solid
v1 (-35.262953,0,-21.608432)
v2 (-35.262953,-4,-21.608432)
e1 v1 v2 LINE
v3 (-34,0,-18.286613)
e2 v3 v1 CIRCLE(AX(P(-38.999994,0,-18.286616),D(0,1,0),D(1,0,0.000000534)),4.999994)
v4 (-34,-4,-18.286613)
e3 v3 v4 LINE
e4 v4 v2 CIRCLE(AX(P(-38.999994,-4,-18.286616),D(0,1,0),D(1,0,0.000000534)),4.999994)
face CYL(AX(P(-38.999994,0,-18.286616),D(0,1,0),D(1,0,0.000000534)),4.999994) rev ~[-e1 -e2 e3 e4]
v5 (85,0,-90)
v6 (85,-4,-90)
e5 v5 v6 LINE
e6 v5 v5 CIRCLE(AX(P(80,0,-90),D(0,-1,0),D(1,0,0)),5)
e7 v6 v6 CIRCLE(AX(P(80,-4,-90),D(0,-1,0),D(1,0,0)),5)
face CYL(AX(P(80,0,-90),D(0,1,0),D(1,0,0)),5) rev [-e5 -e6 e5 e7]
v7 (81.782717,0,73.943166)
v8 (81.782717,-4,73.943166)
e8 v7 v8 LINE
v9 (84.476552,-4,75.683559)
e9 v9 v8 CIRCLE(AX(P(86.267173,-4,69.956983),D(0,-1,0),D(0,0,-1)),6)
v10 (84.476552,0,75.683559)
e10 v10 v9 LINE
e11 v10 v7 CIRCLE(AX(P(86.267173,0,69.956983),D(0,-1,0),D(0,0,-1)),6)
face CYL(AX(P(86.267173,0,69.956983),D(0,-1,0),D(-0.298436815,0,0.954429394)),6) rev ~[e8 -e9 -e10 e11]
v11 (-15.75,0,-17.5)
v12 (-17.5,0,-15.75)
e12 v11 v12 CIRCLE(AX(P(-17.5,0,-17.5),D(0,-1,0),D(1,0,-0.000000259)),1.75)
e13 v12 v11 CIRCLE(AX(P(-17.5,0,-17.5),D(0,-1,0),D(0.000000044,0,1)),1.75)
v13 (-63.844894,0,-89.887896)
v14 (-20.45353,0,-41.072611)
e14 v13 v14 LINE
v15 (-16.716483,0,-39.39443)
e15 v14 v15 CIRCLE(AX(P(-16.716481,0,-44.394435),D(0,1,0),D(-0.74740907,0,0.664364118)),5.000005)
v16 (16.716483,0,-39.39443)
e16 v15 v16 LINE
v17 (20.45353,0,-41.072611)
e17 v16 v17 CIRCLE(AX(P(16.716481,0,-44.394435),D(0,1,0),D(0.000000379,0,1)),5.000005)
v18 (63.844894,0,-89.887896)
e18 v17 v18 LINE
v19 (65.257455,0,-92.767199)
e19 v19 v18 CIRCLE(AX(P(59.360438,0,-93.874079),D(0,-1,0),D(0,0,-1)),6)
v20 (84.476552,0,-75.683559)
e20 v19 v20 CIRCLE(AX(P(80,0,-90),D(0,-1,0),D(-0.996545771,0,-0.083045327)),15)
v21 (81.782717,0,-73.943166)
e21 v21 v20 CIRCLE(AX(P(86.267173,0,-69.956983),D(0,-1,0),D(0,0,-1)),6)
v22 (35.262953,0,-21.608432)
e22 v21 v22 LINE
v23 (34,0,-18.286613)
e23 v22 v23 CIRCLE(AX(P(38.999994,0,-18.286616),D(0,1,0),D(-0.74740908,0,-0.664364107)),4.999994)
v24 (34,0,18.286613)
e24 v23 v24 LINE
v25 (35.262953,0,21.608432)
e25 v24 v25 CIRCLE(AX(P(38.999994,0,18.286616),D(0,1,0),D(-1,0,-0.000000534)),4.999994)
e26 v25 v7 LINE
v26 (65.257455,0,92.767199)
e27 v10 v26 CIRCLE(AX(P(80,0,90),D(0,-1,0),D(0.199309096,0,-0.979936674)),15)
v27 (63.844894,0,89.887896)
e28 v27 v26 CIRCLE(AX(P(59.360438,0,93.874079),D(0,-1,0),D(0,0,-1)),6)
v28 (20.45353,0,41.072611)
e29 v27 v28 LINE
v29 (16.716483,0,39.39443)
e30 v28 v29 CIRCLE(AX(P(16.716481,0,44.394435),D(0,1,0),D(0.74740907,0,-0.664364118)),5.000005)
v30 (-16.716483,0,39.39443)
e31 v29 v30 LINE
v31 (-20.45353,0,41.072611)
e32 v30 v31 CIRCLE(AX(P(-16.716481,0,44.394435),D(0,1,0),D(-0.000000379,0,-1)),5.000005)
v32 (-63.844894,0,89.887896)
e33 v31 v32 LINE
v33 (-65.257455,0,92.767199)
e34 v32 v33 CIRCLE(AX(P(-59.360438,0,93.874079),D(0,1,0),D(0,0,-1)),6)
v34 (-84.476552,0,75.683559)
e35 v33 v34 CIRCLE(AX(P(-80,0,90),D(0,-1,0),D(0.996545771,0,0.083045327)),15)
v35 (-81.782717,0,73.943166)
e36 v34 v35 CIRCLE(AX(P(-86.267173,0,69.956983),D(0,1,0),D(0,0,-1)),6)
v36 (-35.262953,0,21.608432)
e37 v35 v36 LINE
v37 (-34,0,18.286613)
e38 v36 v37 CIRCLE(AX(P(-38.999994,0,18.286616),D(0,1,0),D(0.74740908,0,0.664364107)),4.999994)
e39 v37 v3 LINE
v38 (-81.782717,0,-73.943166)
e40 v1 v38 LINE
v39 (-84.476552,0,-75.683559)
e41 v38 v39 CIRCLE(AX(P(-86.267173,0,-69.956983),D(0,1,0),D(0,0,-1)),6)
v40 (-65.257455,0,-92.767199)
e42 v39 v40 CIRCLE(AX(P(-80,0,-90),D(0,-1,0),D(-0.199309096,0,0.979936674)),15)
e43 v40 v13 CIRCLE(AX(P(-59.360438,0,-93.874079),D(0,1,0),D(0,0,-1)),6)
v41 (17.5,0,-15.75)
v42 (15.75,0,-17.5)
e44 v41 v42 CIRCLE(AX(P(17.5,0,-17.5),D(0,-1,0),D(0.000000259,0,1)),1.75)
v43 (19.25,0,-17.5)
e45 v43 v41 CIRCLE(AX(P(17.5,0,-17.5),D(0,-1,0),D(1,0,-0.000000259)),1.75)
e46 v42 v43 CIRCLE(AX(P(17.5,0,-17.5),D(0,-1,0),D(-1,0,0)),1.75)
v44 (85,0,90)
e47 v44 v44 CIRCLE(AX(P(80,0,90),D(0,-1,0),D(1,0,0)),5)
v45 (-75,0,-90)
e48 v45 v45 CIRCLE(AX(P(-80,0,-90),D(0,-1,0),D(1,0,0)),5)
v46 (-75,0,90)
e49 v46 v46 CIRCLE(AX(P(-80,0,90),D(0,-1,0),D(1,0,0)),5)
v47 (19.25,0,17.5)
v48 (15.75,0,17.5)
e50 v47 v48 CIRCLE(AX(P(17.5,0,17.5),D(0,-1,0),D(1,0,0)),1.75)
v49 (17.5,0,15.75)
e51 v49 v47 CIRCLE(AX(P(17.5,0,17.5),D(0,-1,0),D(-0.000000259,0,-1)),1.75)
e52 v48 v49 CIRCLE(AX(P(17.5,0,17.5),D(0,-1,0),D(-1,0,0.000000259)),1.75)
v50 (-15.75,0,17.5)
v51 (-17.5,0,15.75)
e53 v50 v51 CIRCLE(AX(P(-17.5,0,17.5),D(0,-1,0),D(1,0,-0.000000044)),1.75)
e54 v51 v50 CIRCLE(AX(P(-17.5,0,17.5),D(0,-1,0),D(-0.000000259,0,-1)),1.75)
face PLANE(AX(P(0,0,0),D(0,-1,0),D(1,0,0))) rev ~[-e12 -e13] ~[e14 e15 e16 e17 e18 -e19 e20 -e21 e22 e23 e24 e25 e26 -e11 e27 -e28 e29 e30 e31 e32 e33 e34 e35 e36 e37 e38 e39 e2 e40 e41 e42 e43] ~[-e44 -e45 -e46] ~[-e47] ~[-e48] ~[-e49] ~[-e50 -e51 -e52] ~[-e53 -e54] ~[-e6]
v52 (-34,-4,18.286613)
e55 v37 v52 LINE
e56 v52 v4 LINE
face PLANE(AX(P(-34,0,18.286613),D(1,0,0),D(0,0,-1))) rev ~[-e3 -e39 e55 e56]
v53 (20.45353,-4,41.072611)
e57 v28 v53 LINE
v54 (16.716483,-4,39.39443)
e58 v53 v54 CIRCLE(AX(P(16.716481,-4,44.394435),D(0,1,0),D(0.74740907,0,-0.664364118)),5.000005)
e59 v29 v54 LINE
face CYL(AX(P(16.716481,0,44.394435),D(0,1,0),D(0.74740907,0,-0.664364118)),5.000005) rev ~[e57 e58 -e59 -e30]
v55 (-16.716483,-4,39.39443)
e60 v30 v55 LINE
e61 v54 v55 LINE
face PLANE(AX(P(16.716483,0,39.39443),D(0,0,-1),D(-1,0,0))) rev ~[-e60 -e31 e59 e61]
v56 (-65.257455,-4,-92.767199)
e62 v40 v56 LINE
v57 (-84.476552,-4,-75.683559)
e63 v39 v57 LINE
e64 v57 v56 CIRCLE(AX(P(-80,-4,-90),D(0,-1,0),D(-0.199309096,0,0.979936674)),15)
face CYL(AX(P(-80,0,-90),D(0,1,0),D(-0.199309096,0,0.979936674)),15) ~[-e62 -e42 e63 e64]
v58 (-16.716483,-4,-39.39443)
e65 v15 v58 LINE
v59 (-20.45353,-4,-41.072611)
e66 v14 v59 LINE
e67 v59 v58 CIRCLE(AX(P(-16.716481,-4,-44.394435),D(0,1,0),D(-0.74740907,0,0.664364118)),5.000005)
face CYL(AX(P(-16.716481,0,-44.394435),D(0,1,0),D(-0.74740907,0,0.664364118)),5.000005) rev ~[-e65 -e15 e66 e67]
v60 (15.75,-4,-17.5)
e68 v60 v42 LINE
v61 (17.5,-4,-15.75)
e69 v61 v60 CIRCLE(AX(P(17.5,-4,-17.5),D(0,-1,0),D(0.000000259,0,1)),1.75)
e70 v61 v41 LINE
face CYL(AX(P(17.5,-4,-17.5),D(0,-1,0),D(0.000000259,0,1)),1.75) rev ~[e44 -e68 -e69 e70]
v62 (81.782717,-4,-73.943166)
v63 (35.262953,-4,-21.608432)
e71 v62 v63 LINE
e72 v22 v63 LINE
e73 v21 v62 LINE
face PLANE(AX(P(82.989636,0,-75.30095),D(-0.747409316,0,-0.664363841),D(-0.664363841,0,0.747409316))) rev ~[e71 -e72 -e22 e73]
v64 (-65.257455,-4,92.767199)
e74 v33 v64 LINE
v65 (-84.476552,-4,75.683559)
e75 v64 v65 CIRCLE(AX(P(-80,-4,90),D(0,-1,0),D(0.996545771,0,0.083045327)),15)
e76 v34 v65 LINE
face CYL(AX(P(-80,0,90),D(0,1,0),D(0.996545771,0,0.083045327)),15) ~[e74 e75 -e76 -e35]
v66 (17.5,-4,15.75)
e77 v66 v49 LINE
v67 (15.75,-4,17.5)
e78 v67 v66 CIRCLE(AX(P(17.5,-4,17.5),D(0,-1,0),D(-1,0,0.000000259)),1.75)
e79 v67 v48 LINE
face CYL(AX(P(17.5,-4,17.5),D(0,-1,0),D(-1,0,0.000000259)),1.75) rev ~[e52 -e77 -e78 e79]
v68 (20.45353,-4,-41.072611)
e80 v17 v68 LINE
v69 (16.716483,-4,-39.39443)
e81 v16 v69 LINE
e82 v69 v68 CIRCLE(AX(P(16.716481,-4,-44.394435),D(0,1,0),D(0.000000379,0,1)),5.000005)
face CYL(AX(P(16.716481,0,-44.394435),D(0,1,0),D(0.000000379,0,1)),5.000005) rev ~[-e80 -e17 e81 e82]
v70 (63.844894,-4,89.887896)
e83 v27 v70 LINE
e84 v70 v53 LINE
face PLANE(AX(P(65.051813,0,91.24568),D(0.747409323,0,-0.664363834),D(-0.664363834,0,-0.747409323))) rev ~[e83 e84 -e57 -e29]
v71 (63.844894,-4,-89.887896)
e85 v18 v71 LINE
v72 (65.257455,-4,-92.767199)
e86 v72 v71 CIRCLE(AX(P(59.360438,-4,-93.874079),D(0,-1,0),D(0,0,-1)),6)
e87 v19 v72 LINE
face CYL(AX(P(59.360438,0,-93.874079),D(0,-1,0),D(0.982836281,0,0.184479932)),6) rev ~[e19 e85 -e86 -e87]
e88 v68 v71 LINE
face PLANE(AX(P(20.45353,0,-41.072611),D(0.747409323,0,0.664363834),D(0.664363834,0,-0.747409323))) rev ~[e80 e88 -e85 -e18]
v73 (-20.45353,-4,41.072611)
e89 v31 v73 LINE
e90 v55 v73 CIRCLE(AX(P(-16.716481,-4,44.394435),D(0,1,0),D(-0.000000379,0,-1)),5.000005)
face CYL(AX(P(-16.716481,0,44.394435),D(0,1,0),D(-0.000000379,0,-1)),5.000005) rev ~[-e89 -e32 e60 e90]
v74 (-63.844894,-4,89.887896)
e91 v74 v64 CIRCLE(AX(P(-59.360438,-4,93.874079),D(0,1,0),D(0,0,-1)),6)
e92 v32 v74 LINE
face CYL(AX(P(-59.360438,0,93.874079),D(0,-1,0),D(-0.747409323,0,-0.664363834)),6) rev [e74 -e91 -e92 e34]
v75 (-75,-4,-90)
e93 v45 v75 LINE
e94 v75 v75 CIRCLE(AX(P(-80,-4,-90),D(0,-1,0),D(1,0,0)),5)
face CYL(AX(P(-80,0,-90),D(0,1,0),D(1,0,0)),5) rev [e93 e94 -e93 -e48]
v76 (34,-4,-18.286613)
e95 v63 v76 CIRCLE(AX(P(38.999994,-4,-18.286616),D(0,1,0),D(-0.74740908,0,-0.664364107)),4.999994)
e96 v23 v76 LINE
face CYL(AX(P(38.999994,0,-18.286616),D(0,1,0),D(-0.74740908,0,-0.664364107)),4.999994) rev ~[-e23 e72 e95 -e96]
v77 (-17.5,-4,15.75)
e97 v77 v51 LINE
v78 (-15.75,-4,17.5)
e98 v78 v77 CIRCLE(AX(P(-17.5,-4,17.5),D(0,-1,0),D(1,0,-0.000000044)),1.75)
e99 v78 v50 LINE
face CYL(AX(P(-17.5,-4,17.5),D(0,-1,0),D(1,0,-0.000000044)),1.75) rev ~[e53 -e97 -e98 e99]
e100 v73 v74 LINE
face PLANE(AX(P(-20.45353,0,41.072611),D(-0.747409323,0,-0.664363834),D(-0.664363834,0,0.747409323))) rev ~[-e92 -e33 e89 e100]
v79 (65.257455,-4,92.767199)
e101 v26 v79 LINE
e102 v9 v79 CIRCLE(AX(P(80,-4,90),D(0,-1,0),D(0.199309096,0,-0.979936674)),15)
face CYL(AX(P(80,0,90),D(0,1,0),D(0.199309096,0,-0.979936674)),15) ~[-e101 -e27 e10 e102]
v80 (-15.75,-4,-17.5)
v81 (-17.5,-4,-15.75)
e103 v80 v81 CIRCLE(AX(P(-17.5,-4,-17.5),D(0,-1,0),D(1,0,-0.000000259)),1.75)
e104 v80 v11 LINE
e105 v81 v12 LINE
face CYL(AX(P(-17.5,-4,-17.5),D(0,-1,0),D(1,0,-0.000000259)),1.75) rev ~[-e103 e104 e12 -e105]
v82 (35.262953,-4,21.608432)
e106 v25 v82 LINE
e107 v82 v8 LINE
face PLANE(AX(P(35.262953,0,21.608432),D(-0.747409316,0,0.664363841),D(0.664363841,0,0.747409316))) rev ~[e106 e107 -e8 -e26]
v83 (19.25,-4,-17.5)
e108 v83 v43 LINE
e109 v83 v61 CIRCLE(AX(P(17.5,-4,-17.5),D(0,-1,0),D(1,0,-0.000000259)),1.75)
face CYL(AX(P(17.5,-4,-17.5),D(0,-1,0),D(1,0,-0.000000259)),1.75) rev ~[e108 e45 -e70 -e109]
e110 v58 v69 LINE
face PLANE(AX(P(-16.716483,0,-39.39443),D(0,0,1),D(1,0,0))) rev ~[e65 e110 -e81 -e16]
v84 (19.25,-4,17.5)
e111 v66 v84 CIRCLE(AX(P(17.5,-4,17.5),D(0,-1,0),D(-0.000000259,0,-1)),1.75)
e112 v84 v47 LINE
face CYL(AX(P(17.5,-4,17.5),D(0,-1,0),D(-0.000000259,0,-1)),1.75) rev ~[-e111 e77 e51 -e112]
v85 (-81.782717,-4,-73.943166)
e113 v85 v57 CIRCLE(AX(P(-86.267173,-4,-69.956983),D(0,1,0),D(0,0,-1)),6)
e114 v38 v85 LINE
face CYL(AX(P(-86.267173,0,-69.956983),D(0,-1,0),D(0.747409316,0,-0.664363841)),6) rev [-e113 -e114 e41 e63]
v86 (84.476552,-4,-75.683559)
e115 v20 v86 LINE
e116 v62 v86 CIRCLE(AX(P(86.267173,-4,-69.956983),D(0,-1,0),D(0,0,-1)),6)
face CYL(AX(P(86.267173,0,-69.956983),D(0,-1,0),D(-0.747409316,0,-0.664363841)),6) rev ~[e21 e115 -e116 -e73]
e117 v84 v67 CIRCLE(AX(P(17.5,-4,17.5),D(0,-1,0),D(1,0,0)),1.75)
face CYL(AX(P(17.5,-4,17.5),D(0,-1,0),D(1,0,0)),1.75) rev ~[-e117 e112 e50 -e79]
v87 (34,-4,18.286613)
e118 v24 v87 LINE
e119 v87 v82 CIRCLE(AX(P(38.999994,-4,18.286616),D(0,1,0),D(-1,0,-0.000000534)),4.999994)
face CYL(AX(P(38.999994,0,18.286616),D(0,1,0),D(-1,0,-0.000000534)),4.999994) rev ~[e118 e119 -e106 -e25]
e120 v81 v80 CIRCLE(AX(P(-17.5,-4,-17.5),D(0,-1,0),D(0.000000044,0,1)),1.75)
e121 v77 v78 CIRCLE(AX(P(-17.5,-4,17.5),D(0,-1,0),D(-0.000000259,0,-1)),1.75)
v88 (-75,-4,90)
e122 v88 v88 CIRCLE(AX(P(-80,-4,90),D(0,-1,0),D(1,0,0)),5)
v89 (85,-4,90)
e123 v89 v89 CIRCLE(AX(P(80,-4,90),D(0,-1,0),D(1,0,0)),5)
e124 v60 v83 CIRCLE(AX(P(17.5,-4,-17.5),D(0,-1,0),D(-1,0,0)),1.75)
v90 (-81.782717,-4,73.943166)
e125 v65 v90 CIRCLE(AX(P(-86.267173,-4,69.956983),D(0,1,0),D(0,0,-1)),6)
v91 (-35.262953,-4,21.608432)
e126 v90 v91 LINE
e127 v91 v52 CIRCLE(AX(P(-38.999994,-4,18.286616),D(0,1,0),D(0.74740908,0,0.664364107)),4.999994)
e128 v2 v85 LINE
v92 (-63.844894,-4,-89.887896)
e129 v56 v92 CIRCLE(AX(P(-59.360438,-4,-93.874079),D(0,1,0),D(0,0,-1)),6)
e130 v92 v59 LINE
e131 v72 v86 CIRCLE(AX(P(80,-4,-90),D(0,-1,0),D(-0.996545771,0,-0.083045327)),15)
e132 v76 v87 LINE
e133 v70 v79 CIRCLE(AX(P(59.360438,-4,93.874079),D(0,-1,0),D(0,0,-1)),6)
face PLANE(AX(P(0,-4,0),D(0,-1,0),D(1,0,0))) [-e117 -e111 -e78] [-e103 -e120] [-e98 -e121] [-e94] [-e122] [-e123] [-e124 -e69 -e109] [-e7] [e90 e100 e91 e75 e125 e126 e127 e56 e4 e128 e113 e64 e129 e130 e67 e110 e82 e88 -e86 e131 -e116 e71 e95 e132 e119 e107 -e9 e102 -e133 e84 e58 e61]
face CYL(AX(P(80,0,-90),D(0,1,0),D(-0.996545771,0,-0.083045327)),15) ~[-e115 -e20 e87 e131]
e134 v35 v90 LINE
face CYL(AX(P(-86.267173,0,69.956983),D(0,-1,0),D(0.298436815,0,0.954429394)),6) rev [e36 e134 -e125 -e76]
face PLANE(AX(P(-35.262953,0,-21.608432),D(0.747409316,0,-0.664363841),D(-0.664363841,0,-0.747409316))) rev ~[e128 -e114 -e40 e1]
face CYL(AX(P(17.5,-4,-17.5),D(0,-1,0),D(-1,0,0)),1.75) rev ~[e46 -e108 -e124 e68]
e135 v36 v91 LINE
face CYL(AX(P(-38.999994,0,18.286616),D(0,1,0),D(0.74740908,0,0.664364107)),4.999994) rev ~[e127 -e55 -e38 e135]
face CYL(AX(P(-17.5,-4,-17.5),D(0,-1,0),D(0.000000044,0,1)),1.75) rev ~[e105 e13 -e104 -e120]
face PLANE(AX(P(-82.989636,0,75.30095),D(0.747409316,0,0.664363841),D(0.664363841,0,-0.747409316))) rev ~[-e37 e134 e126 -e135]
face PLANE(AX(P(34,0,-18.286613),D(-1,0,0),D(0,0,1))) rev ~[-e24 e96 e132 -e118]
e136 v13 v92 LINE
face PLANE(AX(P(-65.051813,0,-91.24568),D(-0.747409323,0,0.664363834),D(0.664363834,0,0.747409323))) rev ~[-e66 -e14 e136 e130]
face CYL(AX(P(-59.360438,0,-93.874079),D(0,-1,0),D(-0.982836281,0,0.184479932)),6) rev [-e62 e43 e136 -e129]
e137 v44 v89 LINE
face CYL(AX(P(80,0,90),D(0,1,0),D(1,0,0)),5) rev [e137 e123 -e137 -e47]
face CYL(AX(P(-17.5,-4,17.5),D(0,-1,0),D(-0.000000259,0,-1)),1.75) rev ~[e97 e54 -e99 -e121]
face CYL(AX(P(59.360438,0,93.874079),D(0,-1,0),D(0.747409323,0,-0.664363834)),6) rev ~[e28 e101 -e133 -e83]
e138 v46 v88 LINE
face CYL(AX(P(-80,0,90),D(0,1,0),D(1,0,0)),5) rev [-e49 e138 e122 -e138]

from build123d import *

# Parameters (mm, degrees)
F0_R     = 5
F1_DEPTH = 4
F2_DEPTH = 25
F3_R     = 6


with BuildPart() as f1:
    # F0 (on Front) → F1 (new body)
    with BuildSketch(Plane.XZ):
        with BuildLine():
            Line((-20.45353, 41.072611), (-65.051813, 91.24568))
            ThreePointArc((-65.051813, 91.24568), (-89.965457, 101.21114), (-82.989636, 75.30095))
            Line((-82.989636, 75.30095), (-35.262953, 21.608432))
            ThreePointArc((-35.262953, 21.608432), (-34.326391, 20.063516), (-34, 18.286613))
            Line((-34, 18.286613), (-34, -18.286613))
            ThreePointArc((-34, -18.286613), (-34.326391, -20.063516), (-35.262953, -21.608432))
            Line((-35.262953, -21.608432), (-82.989636, -75.30095))
            ThreePointArc((-82.989636, -75.30095), (-89.965457, -101.21114), (-65.051813, -91.24568))
            Line((-65.051813, -91.24568), (-20.45353, -41.072611))
            ThreePointArc((-20.45353, -41.072611), (-18.764763, -39.83323), (-16.716483, -39.39443))
            Line((-16.716483, -39.39443), (16.716483, -39.39443))
            ThreePointArc((16.716483, -39.39443), (18.764763, -39.83323), (20.45353, -41.072611))
            Line((20.45353, -41.072611), (65.051813, -91.24568))
            ThreePointArc((65.051813, -91.24568), (89.965457, -101.21114), (82.989636, -75.30095))
            Line((82.989636, -75.30095), (35.262953, -21.608432))
            ThreePointArc((35.262953, -21.608432), (34.326391, -20.063516), (34, -18.286613))
            Line((34, -18.286613), (34, 18.286613))
            ThreePointArc((34, 18.286613), (34.326391, 20.063516), (35.262953, 21.608432))
            Line((35.262953, 21.608432), (82.989636, 75.30095))
            ThreePointArc((82.989636, 75.30095), (89.965457, 101.21114), (65.051813, 91.24568))
            Line((65.051813, 91.24568), (20.45353, 41.072611))
            ThreePointArc((20.45353, 41.072611), (18.764763, 39.83323), (16.716483, 39.39443))
            Line((16.716483, 39.39443), (-16.716483, 39.39443))
            ThreePointArc((-16.716483, 39.39443), (-18.764763, 39.83323), (-20.45353, 41.072611))
        make_face()
        with Locations((-80, -90)):
            Circle(F0_R, mode=Mode.SUBTRACT)
        with Locations((80, -90)):
            Circle(F0_R, mode=Mode.SUBTRACT)
        with Locations((-80, 90)):
            Circle(F0_R, mode=Mode.SUBTRACT)
        with Locations((80, 90)):
            Circle(F0_R, mode=Mode.SUBTRACT)
    extrude(amount=F1_DEPTH)

    # F4 (on face) → F2 (cut)
    with BuildSketch(Plane.XZ.offset(4)):
        with BuildLine():
            ThreePointArc((19.25, 17.5), (17.5, 19.25), (15.75, 17.5))
            Line((15.75, 17.5), (17.5, 17.5))
            Line((17.5, 17.5), (17.5, 15.75))
            ThreePointArc((17.5, 15.75), (18.737437, 16.262563), (19.25, 17.5))
        make_face()
        with BuildLine():
            Line((-17.5, 17.5), (-15.75, 17.5))
            ThreePointArc((-15.75, 17.5), (-18.737437, 18.737437), (-17.5, 15.75))
            Line((-17.5, 15.75), (-17.5, 17.5))
        make_face()
        with BuildLine():
            ThreePointArc((-17.5, 15.75), (-16.262563, 16.262563), (-15.75, 17.5))
            Line((-15.75, 17.5), (-17.5, 17.5))
            Line((-17.5, 17.5), (-17.5, 15.75))
        make_face()
        with BuildLine():
            Line((17.5, 17.5), (15.75, 17.5))
            ThreePointArc((15.75, 17.5), (16.262563, 16.262563), (17.5, 15.75))
            Line((17.5, 15.75), (17.5, 17.5))
        make_face()
        with BuildLine():
            ThreePointArc((-15.75, -17.5), (-16.262563, -16.262563), (-17.5, -15.75))
            Line((-17.5, -15.75), (-17.5, -17.5))
            Line((-17.5, -17.5), (-15.75, -17.5))
        make_face()
        with BuildLine():
            Line((-17.5, -17.5), (-17.5, -15.75))
            ThreePointArc((-17.5, -15.75), (-18.737437, -18.737437), (-15.75, -17.5))
            Line((-15.75, -17.5), (-17.5, -17.5))
        make_face()
        with BuildLine():
            Line((17.5, -17.5), (17.5, -15.75))
            ThreePointArc((17.5, -15.75), (16.262563, -16.262563), (15.75, -17.5))
            Line((15.75, -17.5), (17.5, -17.5))
        make_face()
        with BuildLine():
            ThreePointArc((19.25, -17.5), (18.737437, -16.262563), (17.5, -15.75))
            Line((17.5, -15.75), (17.5, -17.5))
            Line((17.5, -17.5), (15.75, -17.5))
            ThreePointArc((15.75, -17.5), (17.5, -19.25), (19.25, -17.5))
        make_face()
    extrude(amount=-F2_DEPTH, mode=Mode.SUBTRACT)

    # F3
    f3_edges = [f1.edges().sort_by_distance(p)[0] for p in [
        (82.989636, -2, -75.30095),
        (65.051813, -2, -91.24568),
        (-82.989636, -2, -75.30095),
        (-65.051813, -2, -91.24568),
        (65.051813, -2, 91.24568),
        (82.989636, -2, 75.30095),
        (-82.989636, -2, 75.30095),
        (-65.051813, -2, 91.24568),
    ]]
    fillet(f3_edges, radius=F3_R)


solid = f1.part
